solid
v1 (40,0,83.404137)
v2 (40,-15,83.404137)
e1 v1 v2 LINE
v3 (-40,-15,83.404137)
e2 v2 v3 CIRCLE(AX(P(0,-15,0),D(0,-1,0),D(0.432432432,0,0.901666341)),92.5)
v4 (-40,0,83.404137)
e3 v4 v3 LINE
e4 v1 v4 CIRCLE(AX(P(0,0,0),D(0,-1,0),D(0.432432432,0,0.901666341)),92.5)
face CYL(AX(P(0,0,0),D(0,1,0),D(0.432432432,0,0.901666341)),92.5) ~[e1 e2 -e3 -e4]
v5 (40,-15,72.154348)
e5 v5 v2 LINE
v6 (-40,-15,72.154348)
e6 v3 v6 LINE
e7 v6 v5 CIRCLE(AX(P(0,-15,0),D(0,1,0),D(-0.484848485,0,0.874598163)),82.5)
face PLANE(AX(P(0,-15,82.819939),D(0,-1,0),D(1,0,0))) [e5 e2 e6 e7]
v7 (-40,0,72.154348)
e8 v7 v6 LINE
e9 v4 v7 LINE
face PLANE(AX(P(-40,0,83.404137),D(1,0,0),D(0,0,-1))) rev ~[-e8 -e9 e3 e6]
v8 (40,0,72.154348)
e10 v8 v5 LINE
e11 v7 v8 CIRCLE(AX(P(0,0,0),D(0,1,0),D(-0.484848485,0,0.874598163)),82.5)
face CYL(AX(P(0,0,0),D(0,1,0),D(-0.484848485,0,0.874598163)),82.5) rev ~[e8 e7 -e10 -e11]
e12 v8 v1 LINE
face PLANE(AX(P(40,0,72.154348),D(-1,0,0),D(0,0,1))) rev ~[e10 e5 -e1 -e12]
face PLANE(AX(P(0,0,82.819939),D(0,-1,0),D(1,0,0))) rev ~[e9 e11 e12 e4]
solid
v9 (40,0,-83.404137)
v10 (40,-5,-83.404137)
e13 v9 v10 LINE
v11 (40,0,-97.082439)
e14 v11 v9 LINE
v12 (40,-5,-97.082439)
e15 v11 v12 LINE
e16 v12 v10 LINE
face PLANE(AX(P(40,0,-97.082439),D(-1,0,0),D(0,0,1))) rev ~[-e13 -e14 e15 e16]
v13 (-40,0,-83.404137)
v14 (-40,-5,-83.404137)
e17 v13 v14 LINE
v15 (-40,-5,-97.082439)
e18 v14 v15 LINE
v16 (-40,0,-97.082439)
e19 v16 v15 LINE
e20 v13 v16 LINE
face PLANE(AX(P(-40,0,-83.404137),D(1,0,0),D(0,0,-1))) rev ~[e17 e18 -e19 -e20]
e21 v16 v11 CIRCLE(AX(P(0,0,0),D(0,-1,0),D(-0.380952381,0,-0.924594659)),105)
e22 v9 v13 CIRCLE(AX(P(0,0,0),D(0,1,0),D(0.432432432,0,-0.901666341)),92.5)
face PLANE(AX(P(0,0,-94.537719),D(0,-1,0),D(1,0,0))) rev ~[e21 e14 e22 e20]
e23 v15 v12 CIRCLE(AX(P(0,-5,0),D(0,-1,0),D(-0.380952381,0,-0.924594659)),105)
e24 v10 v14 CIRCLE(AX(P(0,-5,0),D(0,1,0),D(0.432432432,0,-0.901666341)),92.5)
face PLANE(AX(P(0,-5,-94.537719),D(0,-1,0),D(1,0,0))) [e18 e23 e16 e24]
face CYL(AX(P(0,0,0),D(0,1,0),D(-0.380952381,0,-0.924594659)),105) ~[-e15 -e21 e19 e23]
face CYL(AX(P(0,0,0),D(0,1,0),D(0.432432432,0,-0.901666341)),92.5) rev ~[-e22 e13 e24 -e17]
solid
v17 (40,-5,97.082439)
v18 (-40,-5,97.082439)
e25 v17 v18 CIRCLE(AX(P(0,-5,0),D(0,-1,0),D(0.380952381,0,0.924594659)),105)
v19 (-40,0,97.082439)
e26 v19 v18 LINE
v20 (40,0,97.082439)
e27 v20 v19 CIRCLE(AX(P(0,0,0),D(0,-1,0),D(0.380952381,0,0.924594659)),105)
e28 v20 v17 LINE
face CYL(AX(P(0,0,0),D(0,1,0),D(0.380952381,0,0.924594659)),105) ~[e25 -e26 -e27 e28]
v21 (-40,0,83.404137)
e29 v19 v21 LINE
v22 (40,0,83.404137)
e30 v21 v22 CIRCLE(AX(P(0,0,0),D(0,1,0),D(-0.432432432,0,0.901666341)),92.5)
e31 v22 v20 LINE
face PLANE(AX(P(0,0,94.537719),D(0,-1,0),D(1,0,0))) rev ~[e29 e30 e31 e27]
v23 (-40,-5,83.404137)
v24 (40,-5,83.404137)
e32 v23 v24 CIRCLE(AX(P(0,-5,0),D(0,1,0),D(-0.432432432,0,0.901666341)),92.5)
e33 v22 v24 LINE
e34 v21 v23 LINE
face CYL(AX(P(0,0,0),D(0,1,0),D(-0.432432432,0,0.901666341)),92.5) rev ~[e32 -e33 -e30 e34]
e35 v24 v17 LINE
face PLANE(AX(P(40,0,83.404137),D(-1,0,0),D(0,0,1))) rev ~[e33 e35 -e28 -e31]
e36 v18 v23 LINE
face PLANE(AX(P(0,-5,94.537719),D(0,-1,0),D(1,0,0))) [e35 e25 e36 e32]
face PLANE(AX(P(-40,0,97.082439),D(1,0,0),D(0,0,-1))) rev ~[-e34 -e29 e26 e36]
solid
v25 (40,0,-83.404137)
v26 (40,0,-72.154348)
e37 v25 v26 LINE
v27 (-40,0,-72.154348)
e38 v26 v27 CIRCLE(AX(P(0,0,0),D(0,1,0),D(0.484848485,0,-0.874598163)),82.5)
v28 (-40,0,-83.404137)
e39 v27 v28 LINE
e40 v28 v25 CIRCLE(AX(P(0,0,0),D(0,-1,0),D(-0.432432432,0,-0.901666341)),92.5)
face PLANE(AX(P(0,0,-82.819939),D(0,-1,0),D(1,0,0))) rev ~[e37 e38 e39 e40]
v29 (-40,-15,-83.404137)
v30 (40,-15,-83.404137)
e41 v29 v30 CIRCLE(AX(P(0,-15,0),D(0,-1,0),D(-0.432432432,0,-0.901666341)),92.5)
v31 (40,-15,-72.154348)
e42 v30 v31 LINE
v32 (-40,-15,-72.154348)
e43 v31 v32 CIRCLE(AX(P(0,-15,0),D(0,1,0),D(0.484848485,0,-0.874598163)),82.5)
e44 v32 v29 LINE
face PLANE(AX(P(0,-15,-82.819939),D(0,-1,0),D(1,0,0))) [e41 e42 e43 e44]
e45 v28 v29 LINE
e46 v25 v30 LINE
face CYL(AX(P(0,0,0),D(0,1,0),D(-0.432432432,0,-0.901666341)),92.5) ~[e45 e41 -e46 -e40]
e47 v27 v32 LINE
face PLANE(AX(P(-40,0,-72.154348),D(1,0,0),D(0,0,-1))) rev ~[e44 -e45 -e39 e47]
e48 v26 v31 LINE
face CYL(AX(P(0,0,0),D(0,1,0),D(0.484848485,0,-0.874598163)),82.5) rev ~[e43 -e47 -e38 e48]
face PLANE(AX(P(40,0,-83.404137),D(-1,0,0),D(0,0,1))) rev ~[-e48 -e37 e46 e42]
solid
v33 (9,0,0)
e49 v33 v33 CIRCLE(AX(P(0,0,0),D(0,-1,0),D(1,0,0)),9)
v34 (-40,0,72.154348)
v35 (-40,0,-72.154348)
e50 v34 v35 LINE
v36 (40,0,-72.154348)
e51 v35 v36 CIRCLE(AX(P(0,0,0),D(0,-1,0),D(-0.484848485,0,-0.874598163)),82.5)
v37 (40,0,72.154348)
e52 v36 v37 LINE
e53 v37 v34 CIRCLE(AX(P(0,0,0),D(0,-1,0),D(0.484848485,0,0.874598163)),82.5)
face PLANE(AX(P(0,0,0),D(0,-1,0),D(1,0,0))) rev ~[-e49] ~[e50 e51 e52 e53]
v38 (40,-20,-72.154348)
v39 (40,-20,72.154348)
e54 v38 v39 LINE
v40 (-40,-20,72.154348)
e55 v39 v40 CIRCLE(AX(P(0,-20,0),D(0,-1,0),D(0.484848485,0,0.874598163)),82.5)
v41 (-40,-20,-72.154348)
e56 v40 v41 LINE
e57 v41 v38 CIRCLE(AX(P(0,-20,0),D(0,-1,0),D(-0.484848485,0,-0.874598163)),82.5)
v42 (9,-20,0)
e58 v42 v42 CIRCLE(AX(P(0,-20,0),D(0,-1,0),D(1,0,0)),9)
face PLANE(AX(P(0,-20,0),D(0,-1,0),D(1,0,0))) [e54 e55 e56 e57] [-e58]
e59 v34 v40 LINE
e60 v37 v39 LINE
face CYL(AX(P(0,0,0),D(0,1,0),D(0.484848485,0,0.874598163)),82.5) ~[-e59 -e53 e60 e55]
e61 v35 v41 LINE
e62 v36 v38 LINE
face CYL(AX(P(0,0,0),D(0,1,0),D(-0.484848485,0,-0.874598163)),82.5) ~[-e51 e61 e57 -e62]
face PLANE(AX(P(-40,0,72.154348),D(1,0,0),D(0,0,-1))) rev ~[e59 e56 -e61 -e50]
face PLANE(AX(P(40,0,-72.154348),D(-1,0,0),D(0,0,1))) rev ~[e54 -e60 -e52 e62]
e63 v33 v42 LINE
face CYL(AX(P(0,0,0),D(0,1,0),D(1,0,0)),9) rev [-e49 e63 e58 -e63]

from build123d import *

# Parameters (mm, degrees)
F1_DEPTH = 5
F2_DEPTH = 15
F0_R     = 9
F3_DEPTH = 20


with BuildPart() as f1:
    # F0 (on Front) → F1 (new body)
    with BuildSketch(Plane.XZ):
        with BuildLine():
            Line((40, 83.4041365881), (40, 97.0824391947))
            ThreePointArc((40, 97.0824391947), (0, 105), (-40, 97.0824391947))
            Line((-40, 97.0824391947), (-40, 83.4041365881))
            ThreePointArc((-40, 83.4041365881), (0, 92.5), (40, 83.4041365881))
        make_face()
    extrude(amount=F1_DEPTH)


with BuildPart() as f1b:
    # F0 (on Front) → F1, piece 2 (new body)
    with BuildSketch(Plane.XZ):
        with BuildLine():
            ThreePointArc((-40, -97.0824391947), (0, -105), (40, -97.0824391947))
            Line((40, -97.0824391947), (40, -83.4041365881))
            ThreePointArc((40, -83.4041365881), (0, -92.5), (-40, -83.4041365881))
            Line((-40, -83.4041365881), (-40, -97.0824391947))
        make_face()
    extrude(amount=F1_DEPTH)


with BuildPart() as f2:
    # F0 (on Front) → F2 (new body)
    with BuildSketch(Plane.XZ):
        with BuildLine():
            Line((40, 72.1543484483), (40, 83.4041365881))
            ThreePointArc((40, 83.4041365881), (0, 92.5), (-40, 83.4041365881))
            Line((-40, 83.4041365881), (-40, 72.1543484483))
            ThreePointArc((-40, 72.1543484483), (0, 82.5), (40, 72.1543484483))
        make_face()
    extrude(amount=F2_DEPTH)


with BuildPart() as f2b:
    # F0 (on Front) → F2, piece 2 (new body)
    with BuildSketch(Plane.XZ):
        with BuildLine():
            ThreePointArc((-40, -83.4041365881), (0, -92.5), (40, -83.4041365881))
            Line((40, -83.4041365881), (40, -72.1543484483))
            ThreePointArc((40, -72.1543484483), (0, -82.5), (-40, -72.1543484483))
            Line((-40, -72.1543484483), (-40, -83.4041365881))
        make_face()
    extrude(amount=F2_DEPTH)


with BuildPart() as f3:
    # F0 (on Front) → F3 (new body)
    with BuildSketch(Plane.XZ):
        with BuildLine():
            Line((40, -72.1543484483), (40, 72.1543484483))
            ThreePointArc((40, 72.1543484483), (0, 82.5), (-40, 72.1543484483))
            Line((-40, 72.1543484483), (-40, -72.1543484483))
            ThreePointArc((-40, -72.1543484483), (0, -82.5), (40, -72.1543484483))
        make_face()
        Circle(F0_R, mode=Mode.SUBTRACT)
    extrude(amount=F3_DEPTH)


solid = Compound([f1.part, f1b.part, f2.part, f2b.part, f3.part])
